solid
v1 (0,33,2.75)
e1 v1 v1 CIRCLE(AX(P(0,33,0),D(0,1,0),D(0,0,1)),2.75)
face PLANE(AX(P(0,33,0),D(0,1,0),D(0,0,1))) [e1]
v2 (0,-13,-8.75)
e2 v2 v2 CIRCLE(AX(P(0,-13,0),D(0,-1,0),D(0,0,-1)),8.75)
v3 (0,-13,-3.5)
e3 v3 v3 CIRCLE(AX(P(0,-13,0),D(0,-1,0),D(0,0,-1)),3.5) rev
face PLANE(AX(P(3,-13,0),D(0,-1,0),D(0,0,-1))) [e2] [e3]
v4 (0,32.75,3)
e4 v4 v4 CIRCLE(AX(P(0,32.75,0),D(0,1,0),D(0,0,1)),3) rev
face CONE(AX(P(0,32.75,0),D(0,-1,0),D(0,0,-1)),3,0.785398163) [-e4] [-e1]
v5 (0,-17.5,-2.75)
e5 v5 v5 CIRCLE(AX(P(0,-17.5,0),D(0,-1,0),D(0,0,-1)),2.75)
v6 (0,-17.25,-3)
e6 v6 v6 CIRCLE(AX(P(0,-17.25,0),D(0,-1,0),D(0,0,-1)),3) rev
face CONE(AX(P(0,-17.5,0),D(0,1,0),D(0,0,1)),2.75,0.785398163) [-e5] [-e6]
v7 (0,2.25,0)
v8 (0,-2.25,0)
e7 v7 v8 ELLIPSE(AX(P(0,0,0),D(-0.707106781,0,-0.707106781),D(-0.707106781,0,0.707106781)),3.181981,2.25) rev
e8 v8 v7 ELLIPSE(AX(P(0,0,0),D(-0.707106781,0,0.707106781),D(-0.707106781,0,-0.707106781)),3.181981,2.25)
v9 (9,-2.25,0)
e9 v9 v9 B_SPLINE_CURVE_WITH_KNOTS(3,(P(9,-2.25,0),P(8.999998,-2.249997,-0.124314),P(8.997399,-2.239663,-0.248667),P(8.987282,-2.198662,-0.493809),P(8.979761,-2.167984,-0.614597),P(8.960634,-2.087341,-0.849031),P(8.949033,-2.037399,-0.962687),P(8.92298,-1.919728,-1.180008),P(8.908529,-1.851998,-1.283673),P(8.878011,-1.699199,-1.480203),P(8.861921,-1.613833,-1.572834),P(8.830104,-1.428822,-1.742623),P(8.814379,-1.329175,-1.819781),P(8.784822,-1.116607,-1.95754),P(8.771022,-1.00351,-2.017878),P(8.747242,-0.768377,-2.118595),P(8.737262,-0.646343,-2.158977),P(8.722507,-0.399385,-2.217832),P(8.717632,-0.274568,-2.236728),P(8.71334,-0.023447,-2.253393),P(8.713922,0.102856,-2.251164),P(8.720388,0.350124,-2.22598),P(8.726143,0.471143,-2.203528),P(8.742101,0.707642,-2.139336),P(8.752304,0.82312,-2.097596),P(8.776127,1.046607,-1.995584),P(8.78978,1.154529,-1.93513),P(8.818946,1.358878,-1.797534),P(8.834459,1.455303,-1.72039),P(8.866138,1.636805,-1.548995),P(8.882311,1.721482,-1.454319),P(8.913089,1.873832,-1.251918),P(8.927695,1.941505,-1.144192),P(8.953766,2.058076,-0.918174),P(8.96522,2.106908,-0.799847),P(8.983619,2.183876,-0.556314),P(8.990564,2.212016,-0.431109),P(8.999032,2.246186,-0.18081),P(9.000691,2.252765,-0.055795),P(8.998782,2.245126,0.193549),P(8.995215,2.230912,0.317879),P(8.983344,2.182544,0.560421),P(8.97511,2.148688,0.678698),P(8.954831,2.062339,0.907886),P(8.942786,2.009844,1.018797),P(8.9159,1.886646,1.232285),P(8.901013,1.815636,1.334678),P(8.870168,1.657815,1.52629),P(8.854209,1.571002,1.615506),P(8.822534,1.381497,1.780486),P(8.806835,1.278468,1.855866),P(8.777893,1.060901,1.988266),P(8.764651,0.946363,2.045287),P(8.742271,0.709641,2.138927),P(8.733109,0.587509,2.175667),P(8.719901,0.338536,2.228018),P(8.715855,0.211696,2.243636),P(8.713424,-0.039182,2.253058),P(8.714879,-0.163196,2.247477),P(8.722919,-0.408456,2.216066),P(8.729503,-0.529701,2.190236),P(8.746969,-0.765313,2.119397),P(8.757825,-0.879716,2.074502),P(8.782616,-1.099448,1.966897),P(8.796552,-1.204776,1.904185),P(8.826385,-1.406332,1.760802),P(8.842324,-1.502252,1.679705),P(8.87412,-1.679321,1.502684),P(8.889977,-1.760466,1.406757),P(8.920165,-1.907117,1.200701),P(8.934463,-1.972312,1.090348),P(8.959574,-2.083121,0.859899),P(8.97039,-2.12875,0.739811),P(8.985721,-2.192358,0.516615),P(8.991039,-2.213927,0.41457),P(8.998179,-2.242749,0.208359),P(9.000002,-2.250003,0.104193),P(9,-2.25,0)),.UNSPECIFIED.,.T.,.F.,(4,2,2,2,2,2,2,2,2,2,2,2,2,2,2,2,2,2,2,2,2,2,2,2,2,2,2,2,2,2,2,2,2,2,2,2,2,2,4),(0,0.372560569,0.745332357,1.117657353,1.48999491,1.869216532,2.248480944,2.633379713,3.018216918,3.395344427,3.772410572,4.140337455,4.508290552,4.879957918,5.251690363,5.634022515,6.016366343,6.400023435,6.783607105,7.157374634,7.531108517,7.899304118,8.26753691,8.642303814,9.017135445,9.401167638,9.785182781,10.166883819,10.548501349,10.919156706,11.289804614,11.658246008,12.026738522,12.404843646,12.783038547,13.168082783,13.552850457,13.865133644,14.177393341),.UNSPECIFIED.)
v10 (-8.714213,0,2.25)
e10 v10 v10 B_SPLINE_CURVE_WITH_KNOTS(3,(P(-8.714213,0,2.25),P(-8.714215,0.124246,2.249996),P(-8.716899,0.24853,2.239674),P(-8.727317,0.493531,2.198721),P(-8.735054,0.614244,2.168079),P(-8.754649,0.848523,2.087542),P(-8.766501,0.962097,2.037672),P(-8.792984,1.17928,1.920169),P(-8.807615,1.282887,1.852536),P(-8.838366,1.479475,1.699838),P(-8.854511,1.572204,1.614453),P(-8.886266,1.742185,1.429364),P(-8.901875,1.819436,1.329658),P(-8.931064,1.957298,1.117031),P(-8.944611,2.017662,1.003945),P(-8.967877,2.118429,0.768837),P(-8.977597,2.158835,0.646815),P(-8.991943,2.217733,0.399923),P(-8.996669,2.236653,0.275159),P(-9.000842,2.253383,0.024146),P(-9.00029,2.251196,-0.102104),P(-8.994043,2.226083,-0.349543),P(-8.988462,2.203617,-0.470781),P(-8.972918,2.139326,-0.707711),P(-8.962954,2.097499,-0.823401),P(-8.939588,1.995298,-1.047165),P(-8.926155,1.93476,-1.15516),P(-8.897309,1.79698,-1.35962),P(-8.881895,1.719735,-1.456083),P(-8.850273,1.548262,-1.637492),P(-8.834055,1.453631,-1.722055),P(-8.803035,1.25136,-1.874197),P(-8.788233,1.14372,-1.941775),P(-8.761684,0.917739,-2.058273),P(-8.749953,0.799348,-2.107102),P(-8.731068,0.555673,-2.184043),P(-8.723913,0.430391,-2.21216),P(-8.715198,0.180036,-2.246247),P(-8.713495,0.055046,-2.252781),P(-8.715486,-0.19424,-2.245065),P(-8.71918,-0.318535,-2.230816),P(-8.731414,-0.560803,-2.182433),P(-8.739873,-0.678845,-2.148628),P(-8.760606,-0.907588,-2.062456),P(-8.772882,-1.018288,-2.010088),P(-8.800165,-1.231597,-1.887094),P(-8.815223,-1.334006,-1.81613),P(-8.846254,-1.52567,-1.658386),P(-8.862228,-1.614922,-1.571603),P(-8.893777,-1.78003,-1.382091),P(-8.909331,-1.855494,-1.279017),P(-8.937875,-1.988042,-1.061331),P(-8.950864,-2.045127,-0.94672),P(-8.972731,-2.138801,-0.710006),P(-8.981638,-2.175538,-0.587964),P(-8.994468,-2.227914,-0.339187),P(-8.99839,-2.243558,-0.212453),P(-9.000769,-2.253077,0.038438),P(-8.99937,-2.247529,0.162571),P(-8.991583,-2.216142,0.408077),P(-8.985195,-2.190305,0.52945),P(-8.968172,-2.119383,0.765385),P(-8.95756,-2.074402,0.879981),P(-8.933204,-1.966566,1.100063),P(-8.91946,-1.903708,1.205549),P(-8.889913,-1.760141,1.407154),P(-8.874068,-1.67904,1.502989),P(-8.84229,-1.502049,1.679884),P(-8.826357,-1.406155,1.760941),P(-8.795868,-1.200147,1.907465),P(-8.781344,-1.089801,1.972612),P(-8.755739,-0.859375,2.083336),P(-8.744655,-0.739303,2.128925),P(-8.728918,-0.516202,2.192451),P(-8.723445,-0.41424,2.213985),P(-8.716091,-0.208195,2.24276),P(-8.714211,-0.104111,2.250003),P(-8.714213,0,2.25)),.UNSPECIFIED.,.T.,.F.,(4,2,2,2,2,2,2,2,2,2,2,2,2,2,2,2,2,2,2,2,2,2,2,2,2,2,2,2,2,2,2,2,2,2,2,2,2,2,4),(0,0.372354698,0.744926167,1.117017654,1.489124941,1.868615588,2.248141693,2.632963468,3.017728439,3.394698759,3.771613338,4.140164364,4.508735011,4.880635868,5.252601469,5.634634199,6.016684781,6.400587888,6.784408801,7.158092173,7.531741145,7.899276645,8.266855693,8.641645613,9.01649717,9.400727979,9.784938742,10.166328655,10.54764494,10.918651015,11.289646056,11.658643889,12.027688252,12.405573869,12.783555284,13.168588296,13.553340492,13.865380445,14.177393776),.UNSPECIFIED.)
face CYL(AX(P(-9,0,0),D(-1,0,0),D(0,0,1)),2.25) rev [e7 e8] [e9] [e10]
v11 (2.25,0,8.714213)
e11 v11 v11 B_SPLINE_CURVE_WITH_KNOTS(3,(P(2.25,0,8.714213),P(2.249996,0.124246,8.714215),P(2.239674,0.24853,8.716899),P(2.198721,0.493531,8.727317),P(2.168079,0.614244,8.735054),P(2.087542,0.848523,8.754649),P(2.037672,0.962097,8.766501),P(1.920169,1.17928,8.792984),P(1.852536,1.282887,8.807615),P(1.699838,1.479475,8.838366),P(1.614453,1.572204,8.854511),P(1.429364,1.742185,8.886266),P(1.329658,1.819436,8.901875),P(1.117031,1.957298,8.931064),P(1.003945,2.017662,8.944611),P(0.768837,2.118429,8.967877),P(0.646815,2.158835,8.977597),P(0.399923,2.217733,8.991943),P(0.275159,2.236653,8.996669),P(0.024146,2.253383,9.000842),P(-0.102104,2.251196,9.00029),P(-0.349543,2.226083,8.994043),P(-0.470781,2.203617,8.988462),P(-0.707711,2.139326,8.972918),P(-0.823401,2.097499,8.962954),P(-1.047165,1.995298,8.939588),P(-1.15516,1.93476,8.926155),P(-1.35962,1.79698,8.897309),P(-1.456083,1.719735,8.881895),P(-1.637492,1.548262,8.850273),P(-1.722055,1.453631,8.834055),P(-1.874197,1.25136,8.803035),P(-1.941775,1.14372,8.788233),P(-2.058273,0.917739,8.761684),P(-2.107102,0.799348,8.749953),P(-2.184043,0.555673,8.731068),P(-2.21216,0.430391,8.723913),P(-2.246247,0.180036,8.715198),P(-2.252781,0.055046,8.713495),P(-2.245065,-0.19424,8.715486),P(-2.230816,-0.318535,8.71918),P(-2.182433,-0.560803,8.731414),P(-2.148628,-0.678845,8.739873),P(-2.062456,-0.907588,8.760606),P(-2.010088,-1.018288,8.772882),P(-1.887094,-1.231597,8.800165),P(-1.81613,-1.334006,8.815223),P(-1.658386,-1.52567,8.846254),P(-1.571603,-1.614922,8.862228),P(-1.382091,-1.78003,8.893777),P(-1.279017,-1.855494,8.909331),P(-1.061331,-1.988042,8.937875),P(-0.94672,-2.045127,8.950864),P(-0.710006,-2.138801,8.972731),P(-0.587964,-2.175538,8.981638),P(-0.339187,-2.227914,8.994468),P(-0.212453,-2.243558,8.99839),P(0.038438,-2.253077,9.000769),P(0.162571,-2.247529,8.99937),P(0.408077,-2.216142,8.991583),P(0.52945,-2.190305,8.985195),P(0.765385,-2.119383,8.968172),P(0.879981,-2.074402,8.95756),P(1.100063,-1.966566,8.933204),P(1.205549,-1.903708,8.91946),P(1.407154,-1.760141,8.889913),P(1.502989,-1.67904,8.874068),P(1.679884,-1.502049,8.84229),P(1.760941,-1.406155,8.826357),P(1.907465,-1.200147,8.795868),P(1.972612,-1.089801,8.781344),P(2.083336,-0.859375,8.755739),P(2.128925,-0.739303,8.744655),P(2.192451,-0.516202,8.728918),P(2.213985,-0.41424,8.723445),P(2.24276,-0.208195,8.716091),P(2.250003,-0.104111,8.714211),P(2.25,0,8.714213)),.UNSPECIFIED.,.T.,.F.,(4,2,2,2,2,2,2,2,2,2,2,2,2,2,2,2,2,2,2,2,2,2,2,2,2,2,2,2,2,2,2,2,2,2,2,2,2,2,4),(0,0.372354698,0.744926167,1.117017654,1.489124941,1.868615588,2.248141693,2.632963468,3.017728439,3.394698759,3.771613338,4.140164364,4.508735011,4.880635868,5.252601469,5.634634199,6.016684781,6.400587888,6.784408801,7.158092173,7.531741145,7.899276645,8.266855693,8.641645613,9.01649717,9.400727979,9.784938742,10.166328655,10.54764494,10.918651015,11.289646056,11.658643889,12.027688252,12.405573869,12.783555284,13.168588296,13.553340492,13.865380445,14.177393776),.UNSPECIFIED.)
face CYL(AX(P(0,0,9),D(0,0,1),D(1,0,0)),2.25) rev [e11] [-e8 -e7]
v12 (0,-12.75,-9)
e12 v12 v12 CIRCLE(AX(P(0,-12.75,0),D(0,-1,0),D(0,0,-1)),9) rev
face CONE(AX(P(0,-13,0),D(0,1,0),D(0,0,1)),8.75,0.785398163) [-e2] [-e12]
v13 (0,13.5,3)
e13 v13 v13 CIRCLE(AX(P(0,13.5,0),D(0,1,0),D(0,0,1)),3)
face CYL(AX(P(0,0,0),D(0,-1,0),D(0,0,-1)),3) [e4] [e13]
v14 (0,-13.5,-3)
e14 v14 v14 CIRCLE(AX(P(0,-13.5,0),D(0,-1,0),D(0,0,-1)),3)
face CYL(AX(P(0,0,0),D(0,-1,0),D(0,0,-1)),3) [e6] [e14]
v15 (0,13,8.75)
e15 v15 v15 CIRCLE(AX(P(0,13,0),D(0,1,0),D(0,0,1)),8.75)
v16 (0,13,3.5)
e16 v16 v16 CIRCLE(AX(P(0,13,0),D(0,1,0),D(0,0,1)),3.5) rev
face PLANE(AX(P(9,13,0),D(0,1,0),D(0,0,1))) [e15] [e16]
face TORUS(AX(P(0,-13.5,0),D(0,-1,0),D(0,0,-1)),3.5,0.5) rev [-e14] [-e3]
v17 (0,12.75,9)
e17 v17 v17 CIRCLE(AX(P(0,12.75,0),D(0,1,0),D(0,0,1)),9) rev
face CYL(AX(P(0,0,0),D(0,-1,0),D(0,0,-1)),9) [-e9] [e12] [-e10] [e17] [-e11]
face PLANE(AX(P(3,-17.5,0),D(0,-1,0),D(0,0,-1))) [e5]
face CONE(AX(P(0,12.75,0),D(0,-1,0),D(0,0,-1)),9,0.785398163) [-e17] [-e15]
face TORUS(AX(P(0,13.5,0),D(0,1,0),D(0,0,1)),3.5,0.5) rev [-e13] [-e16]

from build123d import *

# Parameters (mm, degrees)
FURO_DE_DI_METRO_4_5_4_5_2_D = 4.5
ESBO_O8_W                    = 2.25
ESBO_O8_H                    = 9
FILLET1_R                    = 0.5
CHAMFER1_SIZE                = 0.25
CHAMFER4_SIZE                = 0.25


with BuildPart() as part:
    # Esboço1 → Revolução1 (revolve)
    with BuildSketch(Plane.XY):
        Polygon((0, 33), (3, 33), (3, 13), (9, 13), (9, -13), (3, -13), (3, -17.5), (0, -17.5), (0, 0), align=None)
    revolve(axis=Axis((0, 0, 0), (0, 1, 0)))

    # Furo de diâmetro Ø4.5 (4.5)2 (through all)
    with Locations(Plane(origin=(-9, 0, 0), x_dir=(0, 0, -1), z_dir=(-1, 0, 0))):
        with Locations((0, 0)):
            Hole(FURO_DE_DI_METRO_4_5_4_5_2_D / 2)

    # Esboço8 → Furo de diâmetro Ø4.5 (4.5)1 (revolve, cut)
    with BuildSketch(Plane(origin=(0, 0, 9), x_dir=(0, -1, 0), z_dir=(1, 0, 0))):
        with Locations((1.125, 4.5)):
            Rectangle(ESBO_O8_W, ESBO_O8_H)
    revolve(axis=Axis((0, 0, 15.35), (0, 0, -1)), mode=Mode.SUBTRACT)

    # Fillet1
    fillet1_edges = [part.edges().sort_by_distance(p)[0] for p in [
        (-3, -13, 0),
        (-3, 13, 0),
    ]]
    fillet(fillet1_edges, radius=FILLET1_R)

    # Chamfer1
    chamfer1_edges = [part.edges().sort_by_distance(p)[0] for p in [
        (-3, -17.5, 0),
        (-3, 33, 0),
    ]]
    chamfer(chamfer1_edges, length=CHAMFER1_SIZE)

    # Chamfer4
    chamfer4_edges = [part.edges().sort_by_distance(p)[0] for p in [
        (-9, -13, 0),
        (-9, 13, 0),
    ]]
    chamfer(chamfer4_edges, length=CHAMFER4_SIZE)


solid = part.part
